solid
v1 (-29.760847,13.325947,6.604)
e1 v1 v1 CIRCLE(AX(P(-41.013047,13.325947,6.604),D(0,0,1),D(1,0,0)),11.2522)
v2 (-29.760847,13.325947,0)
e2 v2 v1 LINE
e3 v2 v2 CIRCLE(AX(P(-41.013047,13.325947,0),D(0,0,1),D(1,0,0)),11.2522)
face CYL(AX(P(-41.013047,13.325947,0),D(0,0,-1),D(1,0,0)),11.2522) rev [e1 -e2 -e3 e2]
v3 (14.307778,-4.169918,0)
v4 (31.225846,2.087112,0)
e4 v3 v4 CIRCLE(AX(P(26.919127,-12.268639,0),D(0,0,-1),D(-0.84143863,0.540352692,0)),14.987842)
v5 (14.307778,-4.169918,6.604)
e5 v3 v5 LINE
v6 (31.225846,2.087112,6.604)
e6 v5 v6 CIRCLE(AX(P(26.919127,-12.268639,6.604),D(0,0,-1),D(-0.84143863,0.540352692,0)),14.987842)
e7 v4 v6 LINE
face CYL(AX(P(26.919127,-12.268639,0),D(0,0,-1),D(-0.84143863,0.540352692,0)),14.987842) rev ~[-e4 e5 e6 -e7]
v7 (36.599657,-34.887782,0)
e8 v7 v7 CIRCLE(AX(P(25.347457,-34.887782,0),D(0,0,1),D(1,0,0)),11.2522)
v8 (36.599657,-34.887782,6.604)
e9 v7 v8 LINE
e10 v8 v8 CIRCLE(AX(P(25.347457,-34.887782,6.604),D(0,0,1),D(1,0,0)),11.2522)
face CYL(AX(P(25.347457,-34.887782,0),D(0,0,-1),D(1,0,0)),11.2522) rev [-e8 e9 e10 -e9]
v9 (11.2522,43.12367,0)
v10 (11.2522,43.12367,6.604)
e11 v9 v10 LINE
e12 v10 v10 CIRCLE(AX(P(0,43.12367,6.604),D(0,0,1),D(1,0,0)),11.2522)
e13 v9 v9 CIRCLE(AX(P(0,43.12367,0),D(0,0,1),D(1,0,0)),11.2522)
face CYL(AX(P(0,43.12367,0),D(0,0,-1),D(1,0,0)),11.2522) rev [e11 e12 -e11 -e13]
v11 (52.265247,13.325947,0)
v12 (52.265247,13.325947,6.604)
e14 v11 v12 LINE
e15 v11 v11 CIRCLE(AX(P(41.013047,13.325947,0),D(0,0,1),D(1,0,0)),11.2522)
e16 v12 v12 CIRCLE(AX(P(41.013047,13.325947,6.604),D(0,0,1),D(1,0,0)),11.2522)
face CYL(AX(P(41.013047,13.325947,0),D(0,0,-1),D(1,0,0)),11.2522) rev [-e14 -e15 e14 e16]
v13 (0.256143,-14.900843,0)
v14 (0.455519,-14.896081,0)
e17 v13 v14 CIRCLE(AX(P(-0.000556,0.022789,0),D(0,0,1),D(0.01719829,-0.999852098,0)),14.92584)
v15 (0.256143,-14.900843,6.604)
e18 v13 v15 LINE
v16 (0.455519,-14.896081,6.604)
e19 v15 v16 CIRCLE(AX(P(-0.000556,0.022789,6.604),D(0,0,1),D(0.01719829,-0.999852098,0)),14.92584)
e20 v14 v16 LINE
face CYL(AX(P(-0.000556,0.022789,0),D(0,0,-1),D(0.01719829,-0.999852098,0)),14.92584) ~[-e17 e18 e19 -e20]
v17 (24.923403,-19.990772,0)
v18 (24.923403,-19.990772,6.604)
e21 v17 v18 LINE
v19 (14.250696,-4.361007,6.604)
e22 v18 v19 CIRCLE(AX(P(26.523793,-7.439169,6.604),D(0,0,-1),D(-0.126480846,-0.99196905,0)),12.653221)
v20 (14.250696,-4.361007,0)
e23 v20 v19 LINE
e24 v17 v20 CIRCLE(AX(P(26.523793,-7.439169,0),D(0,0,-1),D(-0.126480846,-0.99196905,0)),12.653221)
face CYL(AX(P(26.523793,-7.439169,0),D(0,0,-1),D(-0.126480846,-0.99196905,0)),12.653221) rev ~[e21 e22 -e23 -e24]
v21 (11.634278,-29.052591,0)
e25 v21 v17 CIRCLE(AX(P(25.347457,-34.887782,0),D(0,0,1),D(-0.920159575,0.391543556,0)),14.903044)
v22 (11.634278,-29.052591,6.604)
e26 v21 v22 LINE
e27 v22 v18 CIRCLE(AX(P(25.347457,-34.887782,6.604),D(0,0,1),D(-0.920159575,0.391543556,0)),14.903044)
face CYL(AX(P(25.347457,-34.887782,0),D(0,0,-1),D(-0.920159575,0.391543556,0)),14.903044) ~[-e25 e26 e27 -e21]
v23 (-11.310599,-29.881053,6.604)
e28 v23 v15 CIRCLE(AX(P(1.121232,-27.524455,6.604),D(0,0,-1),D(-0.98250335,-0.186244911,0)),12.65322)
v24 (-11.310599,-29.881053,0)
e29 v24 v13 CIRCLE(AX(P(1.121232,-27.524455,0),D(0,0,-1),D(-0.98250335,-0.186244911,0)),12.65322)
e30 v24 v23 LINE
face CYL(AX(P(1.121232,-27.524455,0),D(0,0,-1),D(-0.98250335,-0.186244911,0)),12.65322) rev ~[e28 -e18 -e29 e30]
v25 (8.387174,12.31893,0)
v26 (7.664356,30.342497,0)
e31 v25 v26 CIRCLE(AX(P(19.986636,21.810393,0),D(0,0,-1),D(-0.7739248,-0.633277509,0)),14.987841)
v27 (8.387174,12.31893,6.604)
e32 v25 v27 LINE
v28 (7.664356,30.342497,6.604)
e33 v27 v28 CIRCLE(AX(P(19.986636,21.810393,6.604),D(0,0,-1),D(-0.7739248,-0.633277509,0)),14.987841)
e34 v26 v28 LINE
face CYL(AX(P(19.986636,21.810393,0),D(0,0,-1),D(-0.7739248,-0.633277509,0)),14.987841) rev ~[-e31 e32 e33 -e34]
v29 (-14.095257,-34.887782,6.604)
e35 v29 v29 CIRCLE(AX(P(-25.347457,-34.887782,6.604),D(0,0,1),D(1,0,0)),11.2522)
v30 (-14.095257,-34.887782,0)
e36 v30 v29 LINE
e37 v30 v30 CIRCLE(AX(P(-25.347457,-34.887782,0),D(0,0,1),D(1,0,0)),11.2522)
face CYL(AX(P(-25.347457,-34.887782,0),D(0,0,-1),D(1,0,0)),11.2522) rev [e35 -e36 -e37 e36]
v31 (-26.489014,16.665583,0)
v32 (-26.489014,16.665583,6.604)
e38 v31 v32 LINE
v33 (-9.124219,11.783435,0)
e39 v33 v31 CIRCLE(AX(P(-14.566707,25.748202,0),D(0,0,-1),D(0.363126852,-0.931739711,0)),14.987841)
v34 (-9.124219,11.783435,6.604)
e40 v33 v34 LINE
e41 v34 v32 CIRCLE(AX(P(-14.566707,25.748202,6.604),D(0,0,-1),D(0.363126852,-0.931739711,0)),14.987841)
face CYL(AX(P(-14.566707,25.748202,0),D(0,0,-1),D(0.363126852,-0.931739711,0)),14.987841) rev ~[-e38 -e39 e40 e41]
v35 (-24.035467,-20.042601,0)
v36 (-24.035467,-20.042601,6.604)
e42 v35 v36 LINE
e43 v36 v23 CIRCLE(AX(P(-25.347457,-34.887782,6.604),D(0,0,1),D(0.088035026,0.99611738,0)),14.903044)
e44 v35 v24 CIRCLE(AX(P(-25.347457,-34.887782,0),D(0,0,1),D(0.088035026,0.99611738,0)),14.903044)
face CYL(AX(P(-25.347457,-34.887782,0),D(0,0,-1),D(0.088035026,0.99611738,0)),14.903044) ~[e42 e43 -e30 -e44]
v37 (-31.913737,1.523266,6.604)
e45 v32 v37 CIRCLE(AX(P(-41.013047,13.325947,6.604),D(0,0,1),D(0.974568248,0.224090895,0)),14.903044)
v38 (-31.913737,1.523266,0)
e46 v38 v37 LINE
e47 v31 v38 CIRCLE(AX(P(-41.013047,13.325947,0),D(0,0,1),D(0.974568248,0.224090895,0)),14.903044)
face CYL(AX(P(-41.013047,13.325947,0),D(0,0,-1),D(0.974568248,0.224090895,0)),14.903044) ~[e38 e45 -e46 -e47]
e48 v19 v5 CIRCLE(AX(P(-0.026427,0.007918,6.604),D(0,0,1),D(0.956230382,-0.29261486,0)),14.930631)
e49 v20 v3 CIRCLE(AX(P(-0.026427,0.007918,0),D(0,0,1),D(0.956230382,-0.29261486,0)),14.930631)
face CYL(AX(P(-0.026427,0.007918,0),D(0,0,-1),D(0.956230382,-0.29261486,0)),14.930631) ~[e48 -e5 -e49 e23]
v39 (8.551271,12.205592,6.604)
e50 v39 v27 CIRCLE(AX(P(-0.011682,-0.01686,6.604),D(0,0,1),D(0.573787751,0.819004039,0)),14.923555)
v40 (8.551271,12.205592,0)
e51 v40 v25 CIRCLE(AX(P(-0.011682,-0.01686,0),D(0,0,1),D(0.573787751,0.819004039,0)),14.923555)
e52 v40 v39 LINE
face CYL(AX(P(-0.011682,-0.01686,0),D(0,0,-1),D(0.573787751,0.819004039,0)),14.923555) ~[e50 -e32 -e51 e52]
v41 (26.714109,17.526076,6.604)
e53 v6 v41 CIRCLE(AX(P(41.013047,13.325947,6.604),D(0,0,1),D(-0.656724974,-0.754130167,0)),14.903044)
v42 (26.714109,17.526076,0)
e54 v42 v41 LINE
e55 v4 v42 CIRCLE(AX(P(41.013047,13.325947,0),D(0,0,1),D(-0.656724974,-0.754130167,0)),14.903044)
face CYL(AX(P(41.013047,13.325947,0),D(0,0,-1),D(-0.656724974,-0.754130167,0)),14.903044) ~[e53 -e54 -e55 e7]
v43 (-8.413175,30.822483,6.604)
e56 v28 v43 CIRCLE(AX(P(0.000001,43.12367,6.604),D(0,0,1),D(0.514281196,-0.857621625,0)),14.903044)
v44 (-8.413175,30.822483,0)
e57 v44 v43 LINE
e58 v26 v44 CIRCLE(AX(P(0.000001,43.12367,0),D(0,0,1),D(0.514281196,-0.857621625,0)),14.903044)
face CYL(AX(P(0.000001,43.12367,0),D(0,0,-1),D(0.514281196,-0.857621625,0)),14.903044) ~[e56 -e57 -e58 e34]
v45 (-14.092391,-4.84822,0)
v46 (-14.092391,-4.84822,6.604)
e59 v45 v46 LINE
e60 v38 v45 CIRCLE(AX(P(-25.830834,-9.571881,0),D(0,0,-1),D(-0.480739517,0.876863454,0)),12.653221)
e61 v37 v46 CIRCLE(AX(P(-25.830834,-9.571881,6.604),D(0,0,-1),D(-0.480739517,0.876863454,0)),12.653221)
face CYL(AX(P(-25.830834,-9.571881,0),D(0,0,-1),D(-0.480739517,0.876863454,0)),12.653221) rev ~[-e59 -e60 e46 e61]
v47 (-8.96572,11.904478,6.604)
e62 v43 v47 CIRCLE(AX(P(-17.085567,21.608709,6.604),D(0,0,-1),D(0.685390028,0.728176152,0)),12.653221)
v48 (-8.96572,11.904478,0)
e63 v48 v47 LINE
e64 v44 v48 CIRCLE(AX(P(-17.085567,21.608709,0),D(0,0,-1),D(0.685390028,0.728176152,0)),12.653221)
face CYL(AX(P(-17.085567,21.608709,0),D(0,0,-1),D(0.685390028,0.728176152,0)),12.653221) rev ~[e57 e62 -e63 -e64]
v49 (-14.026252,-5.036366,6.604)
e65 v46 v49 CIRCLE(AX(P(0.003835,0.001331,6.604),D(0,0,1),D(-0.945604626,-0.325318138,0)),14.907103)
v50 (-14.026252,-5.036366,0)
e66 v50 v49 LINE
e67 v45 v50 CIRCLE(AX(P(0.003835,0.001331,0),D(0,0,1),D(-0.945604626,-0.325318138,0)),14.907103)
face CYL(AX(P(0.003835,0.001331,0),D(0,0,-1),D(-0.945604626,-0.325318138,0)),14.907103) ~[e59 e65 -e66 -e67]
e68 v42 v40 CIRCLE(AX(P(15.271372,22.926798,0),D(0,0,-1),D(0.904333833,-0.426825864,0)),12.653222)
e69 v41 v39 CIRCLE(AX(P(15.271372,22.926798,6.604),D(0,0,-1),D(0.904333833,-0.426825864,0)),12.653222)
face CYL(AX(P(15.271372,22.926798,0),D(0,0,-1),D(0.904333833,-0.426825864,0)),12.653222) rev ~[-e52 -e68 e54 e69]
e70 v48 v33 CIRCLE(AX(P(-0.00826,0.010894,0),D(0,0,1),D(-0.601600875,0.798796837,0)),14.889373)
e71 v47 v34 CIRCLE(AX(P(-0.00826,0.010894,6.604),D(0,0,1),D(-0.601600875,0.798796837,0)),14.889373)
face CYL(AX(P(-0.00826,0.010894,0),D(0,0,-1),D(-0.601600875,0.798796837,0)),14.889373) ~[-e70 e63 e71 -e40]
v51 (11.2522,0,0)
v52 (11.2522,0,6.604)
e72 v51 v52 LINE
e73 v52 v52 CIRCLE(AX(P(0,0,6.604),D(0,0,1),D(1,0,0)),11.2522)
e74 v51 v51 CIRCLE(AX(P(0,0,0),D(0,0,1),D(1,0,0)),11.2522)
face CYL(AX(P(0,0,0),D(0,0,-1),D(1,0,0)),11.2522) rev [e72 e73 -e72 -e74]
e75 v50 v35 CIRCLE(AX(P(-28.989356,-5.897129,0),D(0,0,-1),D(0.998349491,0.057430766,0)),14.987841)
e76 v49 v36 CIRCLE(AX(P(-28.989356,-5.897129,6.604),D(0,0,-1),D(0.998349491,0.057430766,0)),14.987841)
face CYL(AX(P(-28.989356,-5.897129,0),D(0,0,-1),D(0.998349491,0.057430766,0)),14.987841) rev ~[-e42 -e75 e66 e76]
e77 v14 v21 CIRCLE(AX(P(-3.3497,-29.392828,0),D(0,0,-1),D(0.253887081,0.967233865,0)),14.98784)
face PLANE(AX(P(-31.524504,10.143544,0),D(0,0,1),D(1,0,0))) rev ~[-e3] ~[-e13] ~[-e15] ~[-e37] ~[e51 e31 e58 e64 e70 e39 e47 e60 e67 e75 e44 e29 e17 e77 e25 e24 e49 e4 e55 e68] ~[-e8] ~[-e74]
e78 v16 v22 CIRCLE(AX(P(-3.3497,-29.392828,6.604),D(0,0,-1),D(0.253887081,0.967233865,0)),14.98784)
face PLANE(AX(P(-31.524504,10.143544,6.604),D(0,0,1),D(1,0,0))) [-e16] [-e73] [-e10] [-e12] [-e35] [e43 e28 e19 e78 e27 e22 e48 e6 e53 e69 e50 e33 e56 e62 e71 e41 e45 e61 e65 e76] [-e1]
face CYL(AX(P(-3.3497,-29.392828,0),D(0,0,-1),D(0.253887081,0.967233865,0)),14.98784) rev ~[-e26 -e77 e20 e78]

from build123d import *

# Parameters (mm, degrees)
F0_R     = 11.2522
F1_DEPTH = 6.604


with BuildPart() as f1:
    # F0 (on Top) → F1 (new body)
    with BuildSketch(Plane.XY):
        with BuildLine():
            ThreePointArc((-14.092391, -4.84822), (-14.279556, 4.265558), (-9.124219, 11.783435))
            ThreePointArc((-9.124219, 11.783435), (-18.623288, 11.319774), (-26.489014, 16.665583))
            ThreePointArc((-26.489014, 16.665583), (-55.042945, 18.352147), (-31.913737, 1.523266))
            ThreePointArc((-31.913737, 1.523266), (-21.571111, 2.342764), (-14.092391, -4.84822))
        make_face()
        with Locations((-41.013047, 13.325947)):
            Circle(F0_R, mode=Mode.SUBTRACT)
        with BuildLine():
            ThreePointArc((0.256143, -14.900843), (-8.469412, -12.262535), (-14.026252, -5.036366))
            ThreePointArc((-14.026252, -5.036366), (-16.520658, -14.213797), (-24.035467, -20.042601))
            ThreePointArc((-24.035467, -20.042601), (-34.463134, -46.677826), (-11.310599, -29.881053))
            ThreePointArc((-11.310599, -29.881053), (-8.893941, -19.791391), (0.256143, -14.900843))
        make_face()
        with Locations((-25.347457, -34.887782)):
            Circle(F0_R, mode=Mode.SUBTRACT)
        with BuildLine():
            ThreePointArc((14.250696, -4.361007), (9.045172, -11.844222), (0.455519, -14.896081))
            ThreePointArc((0.455519, -14.896081), (8.41296, -20.104384), (11.634278, -29.052591))
            ThreePointArc((11.634278, -29.052591), (33.743557, -47.20063), (24.923403, -19.990772))
            ThreePointArc((24.923403, -19.990772), (16.074353, -14.574517), (14.250696, -4.361007))
        make_face()
        with Locations((25.347457, -34.887782)):
            Circle(F0_R, mode=Mode.SUBTRACT)
        with BuildLine():
            ThreePointArc((26.714109, 17.526076), (18.828437, 10.783845), (8.551271, 12.205592))
            ThreePointArc((8.551271, 12.205592), (14.059636, 4.942404), (14.307778, -4.169918))
            ThreePointArc((14.307778, -4.169918), (21.720153, 1.788604), (31.225846, 2.087112))
            ThreePointArc((31.225846, 2.087112), (55.317799, 17.506232), (26.714109, 17.526076))
        make_face()
        with Locations((41.013047, 13.325947)):
            Circle(F0_R, mode=Mode.SUBTRACT)
        with BuildLine():
            ThreePointArc((-8.413175, 30.822483), (-4.437739, 21.239299), (-8.96572, 11.904478))
            ThreePointArc((-8.96572, 11.904478), (-9.045172, 11.844222), (-9.124219, 11.783435))
            ThreePointArc((-9.124219, 11.783435), (-14.279556, 4.265558), (-14.092391, -4.84822))
            ThreePointArc((-14.092391, -4.84822), (-14.059636, -4.942404), (-14.026252, -5.036366))
            ThreePointArc((-14.026252, -5.036366), (-8.469412, -12.262535), (0.256143, -14.900843))
            ThreePointArc((0.256143, -14.900843), (0.355839, -14.898795), (0.455519, -14.896081))
            ThreePointArc((0.455519, -14.896081), (9.045172, -11.844222), (14.250696, -4.361007))
            ThreePointArc((14.250696, -4.361007), (14.279556, -4.265558), (14.307778, -4.169918))
            ThreePointArc((14.307778, -4.169918), (14.059636, 4.942404), (8.551271, 12.205592))
            ThreePointArc((8.551271, 12.205592), (8.469412, 12.262535), (8.387174, 12.31893))
            ThreePointArc((8.387174, 12.31893), (5.010833, 21.209802), (7.664356, 30.342497))
            ThreePointArc((7.664356, 30.342497), (0.444724, 58.020077), (-8.413175, 30.822483))
        make_face()
        Circle(F0_R, mode=Mode.SUBTRACT)
        with Locations((0, 43.12367)):
            Circle(F0_R, mode=Mode.SUBTRACT)
    extrude(amount=F1_DEPTH)


solid = f1.part
